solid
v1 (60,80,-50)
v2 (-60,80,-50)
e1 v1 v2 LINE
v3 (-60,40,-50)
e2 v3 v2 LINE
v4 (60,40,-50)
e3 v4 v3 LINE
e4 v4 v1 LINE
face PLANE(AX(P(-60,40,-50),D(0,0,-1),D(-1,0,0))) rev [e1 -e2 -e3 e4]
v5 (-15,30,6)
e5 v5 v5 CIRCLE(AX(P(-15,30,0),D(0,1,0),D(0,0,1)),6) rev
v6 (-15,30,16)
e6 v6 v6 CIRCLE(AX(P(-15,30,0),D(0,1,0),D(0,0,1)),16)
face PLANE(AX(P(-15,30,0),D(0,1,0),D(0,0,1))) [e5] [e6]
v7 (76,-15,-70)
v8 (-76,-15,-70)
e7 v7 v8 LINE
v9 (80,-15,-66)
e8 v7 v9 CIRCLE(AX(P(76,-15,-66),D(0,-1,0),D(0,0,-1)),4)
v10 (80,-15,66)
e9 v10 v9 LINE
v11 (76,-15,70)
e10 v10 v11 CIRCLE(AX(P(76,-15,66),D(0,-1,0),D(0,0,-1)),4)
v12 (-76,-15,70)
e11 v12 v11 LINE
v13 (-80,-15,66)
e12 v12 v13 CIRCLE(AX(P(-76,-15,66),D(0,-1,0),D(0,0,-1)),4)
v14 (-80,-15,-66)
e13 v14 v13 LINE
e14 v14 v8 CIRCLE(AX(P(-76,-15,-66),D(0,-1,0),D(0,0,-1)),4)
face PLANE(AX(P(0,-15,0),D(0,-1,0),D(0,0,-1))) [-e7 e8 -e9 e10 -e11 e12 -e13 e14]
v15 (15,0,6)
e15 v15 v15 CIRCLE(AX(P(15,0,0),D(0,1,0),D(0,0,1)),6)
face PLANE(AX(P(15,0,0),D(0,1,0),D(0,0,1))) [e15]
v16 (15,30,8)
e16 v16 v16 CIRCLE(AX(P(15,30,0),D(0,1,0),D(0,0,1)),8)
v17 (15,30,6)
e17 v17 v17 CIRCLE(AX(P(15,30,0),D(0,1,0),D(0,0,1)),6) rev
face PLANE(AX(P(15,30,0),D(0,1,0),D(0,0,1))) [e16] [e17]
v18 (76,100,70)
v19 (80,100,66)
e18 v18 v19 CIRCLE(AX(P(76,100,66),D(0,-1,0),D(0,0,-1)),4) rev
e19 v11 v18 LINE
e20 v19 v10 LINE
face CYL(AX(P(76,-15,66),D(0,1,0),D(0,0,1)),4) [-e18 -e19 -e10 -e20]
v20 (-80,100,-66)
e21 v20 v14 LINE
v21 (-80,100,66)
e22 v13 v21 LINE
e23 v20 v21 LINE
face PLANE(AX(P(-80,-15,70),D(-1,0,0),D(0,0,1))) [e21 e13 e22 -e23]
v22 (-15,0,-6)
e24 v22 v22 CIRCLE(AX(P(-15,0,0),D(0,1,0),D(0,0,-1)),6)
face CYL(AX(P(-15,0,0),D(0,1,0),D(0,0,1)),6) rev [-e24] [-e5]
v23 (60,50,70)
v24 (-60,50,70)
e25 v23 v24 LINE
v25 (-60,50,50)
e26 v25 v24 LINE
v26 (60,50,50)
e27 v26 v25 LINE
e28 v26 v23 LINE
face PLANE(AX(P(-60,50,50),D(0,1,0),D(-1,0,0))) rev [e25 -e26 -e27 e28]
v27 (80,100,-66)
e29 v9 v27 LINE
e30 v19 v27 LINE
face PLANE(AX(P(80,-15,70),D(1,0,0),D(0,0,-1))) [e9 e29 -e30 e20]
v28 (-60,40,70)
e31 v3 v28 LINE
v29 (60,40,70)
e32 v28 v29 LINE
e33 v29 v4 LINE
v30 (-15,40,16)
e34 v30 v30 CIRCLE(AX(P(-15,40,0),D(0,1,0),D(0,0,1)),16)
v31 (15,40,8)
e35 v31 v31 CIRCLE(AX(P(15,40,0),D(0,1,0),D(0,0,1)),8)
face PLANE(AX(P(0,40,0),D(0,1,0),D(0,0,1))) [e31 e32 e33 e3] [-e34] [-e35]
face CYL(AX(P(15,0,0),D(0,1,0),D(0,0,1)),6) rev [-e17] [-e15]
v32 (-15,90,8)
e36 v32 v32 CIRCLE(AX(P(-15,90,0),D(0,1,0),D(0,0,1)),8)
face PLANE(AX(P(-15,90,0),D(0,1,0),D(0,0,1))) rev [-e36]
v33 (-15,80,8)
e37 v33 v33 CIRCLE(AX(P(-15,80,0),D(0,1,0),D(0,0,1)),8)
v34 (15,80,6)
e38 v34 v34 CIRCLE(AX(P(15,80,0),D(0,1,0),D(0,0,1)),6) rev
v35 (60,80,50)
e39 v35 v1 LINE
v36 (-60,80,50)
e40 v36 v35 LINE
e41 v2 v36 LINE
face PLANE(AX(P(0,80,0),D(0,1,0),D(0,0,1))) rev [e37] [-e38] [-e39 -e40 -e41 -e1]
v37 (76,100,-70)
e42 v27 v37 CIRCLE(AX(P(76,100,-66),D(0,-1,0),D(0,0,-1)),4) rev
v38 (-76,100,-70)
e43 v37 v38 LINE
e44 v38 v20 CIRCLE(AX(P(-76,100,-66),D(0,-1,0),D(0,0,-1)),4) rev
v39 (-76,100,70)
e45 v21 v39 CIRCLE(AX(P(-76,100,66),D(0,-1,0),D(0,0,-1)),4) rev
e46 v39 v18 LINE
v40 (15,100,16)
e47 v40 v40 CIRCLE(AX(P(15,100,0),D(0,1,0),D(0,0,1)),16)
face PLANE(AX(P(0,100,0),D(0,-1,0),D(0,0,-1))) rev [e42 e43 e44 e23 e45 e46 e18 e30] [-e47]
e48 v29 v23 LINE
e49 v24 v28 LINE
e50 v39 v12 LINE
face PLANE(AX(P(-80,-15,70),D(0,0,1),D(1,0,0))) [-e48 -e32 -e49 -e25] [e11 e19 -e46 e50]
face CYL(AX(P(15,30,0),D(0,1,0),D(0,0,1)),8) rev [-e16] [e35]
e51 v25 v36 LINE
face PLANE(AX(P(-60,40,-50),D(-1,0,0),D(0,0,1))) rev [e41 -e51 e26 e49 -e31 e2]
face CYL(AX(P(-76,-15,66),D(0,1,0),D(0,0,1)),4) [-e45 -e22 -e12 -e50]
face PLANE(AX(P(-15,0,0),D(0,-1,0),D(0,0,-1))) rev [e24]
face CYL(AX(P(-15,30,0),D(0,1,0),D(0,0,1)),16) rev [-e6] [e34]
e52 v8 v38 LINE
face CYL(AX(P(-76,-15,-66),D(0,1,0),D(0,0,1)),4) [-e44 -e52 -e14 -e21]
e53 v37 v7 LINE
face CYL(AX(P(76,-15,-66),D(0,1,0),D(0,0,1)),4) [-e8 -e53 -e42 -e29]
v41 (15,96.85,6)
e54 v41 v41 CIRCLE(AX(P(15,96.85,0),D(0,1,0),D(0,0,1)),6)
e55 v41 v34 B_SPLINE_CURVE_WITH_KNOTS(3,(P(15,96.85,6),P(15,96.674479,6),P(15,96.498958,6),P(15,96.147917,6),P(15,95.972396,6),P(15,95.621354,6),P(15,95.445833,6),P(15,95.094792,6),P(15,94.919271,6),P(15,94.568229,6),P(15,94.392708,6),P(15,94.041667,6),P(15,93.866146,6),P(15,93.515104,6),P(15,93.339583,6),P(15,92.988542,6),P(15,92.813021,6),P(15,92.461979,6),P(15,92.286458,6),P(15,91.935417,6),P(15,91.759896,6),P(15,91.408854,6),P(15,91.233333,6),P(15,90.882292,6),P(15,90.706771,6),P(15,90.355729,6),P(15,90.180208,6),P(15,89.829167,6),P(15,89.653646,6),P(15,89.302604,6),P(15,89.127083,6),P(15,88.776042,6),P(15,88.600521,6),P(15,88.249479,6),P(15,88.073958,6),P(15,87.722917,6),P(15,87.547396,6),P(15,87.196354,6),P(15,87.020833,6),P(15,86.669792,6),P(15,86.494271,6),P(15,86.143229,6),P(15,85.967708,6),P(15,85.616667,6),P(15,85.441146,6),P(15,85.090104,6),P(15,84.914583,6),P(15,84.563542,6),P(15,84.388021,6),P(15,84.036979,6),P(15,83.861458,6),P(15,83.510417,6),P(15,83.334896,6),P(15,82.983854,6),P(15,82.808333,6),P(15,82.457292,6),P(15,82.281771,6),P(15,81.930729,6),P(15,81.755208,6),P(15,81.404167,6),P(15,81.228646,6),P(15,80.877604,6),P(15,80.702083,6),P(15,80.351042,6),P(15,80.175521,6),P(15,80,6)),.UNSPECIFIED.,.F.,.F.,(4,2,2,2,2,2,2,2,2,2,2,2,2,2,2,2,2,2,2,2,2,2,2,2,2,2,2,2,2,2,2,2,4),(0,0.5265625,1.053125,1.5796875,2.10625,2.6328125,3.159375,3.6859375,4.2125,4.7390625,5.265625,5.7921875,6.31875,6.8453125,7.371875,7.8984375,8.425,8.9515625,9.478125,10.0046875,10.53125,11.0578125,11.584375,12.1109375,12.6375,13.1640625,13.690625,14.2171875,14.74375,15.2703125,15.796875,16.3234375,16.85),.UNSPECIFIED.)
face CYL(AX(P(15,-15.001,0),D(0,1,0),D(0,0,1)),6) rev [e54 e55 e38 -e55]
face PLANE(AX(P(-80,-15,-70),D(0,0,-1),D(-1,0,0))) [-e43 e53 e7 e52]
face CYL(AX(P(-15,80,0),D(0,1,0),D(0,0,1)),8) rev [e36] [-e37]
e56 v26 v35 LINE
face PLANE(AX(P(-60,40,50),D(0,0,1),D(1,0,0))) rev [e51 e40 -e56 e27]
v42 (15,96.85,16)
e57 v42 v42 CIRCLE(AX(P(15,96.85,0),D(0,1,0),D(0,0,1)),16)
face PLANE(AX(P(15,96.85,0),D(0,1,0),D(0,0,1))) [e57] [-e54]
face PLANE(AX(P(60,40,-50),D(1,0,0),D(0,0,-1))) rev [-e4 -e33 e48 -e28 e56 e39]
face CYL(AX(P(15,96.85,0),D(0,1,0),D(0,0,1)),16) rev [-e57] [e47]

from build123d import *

# Parameters (mm, degrees)
BOX_EXTRUDE_DEPTH             = 100
BOX_EXTRUDE_DEPTH_BACK        = 15
SKETCH2_W                     = 160
SKETCH2_H                     = 140
BOX_INNER_CUT_START           = -20
SKETCH3_W                     = 120
SKETCH3_H                     = 100
BOX_INNER_CUT_DEPTH           = 40
SHAFT_CUT_START               = -60
SKETCH6_R                     = 6
SHAFT_CUT_DEPTH               = 40
BEARING_CUTS_INSIDE_BOX_START = -60
SKETCH9_R                     = 8
SKETCH9_R_2                   = 16
BEARING_CUTS_INSIDE_BOX_DEPTH = 10
SKETCH11_W                    = 120
SKETCH11_H                    = 10
SCISSOR_CUT_DEPTH             = 20
SKETCH12_R                    = 16
MOTOR_HOLE_CUT_DEPTH          = 3.15
RIGHT_SHAFT_LID_CUT_REACH     = 156.306
SKETCH15_R                    = 6
LEFT_BEARING_LID_CUT_START    = -10
SKETCH18_R                    = 8
LEFT_BEARING_LID_CUT_DEPTH    = 10
OUTER_EDGES_FILLET_R          = 4


with BuildPart() as part:
    # Sketch2 → BOX_EXTRUDE (new, two sides: drawn at the far end of the back side and taken through both)
    with BuildSketch(Plane(origin=(0, 0, 0), x_dir=(1, 0, 0), z_dir=(0, 1, 0)).offset(-BOX_EXTRUDE_DEPTH_BACK)):
        Rectangle(SKETCH2_W, SKETCH2_H)
    extrude(amount=BOX_EXTRUDE_DEPTH + BOX_EXTRUDE_DEPTH_BACK)

    # Sketch3 → BOX_INNER_CUT (cut)
    with BuildSketch(Plane(origin=(0, 100, 0), x_dir=(1, 0, 0), z_dir=(0, 1, 0)).offset(BOX_INNER_CUT_START)):
        Rectangle(SKETCH3_W, SKETCH3_H)
    extrude(amount=-BOX_INNER_CUT_DEPTH, mode=Mode.SUBTRACT)

    # Sketch6 → SHAFT_CUT (cut)
    with BuildSketch(Plane(origin=(0, 100, 0), x_dir=(1, 0, 0), z_dir=(0, 1, 0)).offset(SHAFT_CUT_START)):
        with Locations(Location((15, 0, 0), (0, 0, 270))):
            Circle(SKETCH6_R)
        with Locations(Location((-15, 0, 0), (0, 0, 90))):
            Circle(SKETCH6_R)
    extrude(amount=-SHAFT_CUT_DEPTH, mode=Mode.SUBTRACT)

    # Sketch9 → BEARING_CUTS_INSIDE_BOX (cut)
    with BuildSketch(Plane(origin=(0, 100, 0), x_dir=(1, 0, 0), z_dir=(0, 1, 0)).offset(BEARING_CUTS_INSIDE_BOX_START)):
        with Locations(Location((15, 0, 0), (0, 0, 270))):
            Circle(SKETCH9_R)
        with Locations(Location((-15, 0, 0), (0, 0, 270))):
            Circle(SKETCH9_R_2)
    extrude(amount=-BEARING_CUTS_INSIDE_BOX_DEPTH, mode=Mode.SUBTRACT)

    # Sketch11 → SCISSOR_CUT (cut)
    with BuildSketch(Plane.XY.offset(70)):
        with Locations((0, 45)):
            Rectangle(SKETCH11_W, SKETCH11_H)
    extrude(amount=-SCISSOR_CUT_DEPTH, mode=Mode.SUBTRACT)

    # Sketch12 → MOTOR_HOLE_CUT (cut)
    with BuildSketch(Plane(origin=(0, 100, 0), x_dir=(1, 0, 0), z_dir=(0, 1, 0))):
        with Locations(Location((15, 0, 0), (0, 0, 270))):
            Circle(SKETCH12_R)
    extrude(amount=-MOTOR_HOLE_CUT_DEPTH, mode=Mode.SUBTRACT)

    # Sketch15 → RIGHT_SHAFT_LID_CUT (cut, up to next)
    with BuildSketch(Plane(origin=(0, 96.85, 0), x_dir=(1, 0, 0), z_dir=(0, 1, 0)), mode=Mode.PRIVATE) as right_shaft_lid_cut_sk1:
        with Locations(Location((15, 0, 0), (0, 0, 270))):
            Circle(SKETCH15_R)
    right_shaft_lid_cut_tool1 = extrude(right_shaft_lid_cut_sk1.sketch, amount=-RIGHT_SHAFT_LID_CUT_REACH, mode=Mode.PRIVATE) & part.part
    add(right_shaft_lid_cut_tool1.solids().sort_by_distance((15, 96.85, 0))[0], mode=Mode.SUBTRACT)

    # Sketch18 → LEFT_BEARING_LID_CUT (cut)
    with BuildSketch(Plane(origin=(0, 100, 0), x_dir=(1, 0, 0), z_dir=(0, 1, 0)).offset(LEFT_BEARING_LID_CUT_START)):
        with Locations(Location((-15, 0, 0), (0, 0, 270))):
            Circle(SKETCH18_R)
    extrude(amount=-LEFT_BEARING_LID_CUT_DEPTH, mode=Mode.SUBTRACT)

    # OUTER_EDGES_FILLET
    outer_edges_fillet_edges = [part.edges().sort_by_distance(p)[0] for p in [
        (-80, 42.5, -70),
        (80, 42.5, -70),
        (80, 42.5, 70),
        (-80, 42.5, 70),
    ]]
    fillet(outer_edges_fillet_edges, radius=OUTER_EDGES_FILLET_R)


solid = part.part
